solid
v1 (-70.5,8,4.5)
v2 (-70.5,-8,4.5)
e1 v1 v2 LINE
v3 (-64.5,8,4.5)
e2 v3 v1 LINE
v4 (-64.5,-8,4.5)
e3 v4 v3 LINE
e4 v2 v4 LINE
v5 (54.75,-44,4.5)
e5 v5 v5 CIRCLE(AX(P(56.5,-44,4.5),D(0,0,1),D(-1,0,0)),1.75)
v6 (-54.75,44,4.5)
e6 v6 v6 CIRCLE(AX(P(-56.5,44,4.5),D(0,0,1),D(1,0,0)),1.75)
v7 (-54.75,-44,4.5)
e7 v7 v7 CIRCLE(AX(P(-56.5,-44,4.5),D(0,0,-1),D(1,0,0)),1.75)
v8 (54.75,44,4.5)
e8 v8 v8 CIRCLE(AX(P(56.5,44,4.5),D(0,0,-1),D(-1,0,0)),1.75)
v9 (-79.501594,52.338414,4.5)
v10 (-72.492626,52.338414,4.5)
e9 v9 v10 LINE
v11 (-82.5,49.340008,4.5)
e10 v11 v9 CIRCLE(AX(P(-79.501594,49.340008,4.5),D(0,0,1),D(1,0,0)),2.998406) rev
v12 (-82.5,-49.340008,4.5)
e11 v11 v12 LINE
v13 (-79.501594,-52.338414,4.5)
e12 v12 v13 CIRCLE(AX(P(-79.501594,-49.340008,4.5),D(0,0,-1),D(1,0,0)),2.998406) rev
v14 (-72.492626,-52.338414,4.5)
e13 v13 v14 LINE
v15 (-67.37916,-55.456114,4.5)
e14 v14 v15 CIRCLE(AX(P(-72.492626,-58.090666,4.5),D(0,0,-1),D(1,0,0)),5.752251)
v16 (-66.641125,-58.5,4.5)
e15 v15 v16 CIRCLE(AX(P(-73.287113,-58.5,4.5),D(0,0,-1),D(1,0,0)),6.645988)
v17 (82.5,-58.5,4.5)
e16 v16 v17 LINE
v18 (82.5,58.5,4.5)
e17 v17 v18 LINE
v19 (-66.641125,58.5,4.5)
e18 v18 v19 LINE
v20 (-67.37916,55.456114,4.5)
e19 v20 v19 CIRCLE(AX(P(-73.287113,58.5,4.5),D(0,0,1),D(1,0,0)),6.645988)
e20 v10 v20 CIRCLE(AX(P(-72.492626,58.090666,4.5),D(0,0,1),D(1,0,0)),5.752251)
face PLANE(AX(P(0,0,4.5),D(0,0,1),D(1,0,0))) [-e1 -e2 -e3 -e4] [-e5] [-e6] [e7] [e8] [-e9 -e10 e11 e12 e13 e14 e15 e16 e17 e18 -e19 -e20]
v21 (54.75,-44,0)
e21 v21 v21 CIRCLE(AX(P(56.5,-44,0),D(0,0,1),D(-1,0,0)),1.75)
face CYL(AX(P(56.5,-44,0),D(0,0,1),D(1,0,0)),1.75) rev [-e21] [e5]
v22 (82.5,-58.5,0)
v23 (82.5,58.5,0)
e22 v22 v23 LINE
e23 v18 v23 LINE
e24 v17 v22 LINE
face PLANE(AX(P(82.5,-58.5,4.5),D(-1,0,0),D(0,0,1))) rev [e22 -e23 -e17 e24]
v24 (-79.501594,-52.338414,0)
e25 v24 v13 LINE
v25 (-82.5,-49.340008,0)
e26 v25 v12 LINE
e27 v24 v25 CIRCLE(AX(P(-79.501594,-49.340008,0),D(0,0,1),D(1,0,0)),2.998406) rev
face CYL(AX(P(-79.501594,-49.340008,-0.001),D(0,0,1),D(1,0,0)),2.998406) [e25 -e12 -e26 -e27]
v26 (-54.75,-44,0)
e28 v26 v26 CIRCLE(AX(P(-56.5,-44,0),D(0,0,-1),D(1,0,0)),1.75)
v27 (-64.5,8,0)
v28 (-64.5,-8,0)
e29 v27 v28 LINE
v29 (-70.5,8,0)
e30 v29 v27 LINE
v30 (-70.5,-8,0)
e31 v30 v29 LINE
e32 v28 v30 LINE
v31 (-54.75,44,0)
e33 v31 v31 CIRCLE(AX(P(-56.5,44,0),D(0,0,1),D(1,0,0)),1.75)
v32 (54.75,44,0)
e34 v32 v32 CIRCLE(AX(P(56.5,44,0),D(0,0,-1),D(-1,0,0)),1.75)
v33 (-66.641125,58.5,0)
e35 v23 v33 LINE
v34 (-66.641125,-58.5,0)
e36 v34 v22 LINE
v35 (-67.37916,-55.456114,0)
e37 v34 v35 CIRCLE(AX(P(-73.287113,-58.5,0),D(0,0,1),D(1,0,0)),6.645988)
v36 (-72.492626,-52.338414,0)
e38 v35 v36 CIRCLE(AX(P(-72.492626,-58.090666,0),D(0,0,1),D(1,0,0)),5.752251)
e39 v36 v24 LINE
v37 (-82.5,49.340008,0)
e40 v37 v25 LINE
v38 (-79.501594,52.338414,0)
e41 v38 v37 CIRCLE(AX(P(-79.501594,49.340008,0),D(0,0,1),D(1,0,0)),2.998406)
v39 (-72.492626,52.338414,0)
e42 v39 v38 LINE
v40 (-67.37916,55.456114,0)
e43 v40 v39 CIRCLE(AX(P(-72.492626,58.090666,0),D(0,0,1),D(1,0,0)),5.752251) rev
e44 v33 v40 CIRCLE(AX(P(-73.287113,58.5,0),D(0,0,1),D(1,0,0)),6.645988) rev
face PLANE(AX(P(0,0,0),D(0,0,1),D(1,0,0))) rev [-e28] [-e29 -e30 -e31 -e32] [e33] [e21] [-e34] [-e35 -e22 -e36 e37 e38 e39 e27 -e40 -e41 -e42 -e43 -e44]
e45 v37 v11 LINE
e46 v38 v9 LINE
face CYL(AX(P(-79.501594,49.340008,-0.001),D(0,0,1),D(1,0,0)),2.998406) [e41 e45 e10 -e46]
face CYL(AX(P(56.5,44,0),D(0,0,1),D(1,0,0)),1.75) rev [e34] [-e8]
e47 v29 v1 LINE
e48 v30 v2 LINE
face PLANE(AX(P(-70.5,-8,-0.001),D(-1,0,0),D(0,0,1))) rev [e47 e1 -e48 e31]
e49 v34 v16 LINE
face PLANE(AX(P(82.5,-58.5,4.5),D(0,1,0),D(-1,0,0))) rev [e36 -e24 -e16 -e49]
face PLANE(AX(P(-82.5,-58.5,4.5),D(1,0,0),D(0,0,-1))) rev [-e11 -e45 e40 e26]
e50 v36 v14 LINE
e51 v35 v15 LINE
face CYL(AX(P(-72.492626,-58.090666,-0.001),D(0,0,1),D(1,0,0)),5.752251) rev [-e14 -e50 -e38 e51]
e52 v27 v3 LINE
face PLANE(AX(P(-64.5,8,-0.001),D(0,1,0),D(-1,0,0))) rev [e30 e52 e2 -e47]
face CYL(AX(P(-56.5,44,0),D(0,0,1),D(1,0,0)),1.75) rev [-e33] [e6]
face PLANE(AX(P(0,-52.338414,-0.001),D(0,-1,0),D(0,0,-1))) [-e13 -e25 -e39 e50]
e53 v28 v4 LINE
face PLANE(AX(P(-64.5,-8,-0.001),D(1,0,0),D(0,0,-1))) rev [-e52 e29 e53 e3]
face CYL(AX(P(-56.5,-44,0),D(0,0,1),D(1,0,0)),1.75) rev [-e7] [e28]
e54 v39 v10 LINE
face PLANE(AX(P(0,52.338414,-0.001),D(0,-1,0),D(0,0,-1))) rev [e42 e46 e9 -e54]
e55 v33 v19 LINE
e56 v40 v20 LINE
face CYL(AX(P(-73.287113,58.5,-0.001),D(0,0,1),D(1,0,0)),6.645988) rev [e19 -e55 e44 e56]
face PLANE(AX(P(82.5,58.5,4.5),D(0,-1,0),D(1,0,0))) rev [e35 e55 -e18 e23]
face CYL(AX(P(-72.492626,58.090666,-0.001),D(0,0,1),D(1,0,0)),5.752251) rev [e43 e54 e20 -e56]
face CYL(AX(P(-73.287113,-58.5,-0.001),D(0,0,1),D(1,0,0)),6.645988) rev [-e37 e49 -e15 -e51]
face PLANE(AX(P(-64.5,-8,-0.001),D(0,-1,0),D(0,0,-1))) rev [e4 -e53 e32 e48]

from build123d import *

# Parameters (mm, degrees)
SKETCH2_W               = 165
SKETCH2_H               = 117
BOSS_EXTRUDE1_DEPTH     = 4.5
SKETCH3_R               = 1.75
CUT_EXTRUDE1_DEPTH      = 5.5
MIRROR2_COPY_1_SKETCH_R = 1.75
MIRROR2_COPY_1_DEPTH    = 5.5
CUT_EXTRUDE2_REACH      = 6.5
SKETCH4_W               = 6
SKETCH4_H               = 16
CUT_EXTRUDE3_DEPTH      = 4.5


with BuildPart() as part:
    # Sketch2 → Boss-Extrude1 (new body)
    with BuildSketch(Plane.XY):
        Rectangle(SKETCH2_W, SKETCH2_H)
    extrude(amount=BOSS_EXTRUDE1_DEPTH)

    # Sketch3 → Cut-Extrude1 (cut, through all)
    with BuildSketch(Plane.XY.offset(4.5)):
        with Locations((-56.5, 44)):
            Circle(SKETCH3_R)
    cut_extrude1 = extrude(amount=-CUT_EXTRUDE1_DEPTH, mode=Mode.SUBTRACT)

    # Mirror1: Cut-Extrude1 across plane
    add(cut_extrude1.mirror(Plane(origin=(0, 0, 0), x_dir=(0, 0, 1), z_dir=(1, 0, 0))), mode=Mode.SUBTRACT)

    # Mirror2: Cut-Extrude1 across plane
    add(cut_extrude1.mirror(Plane.ZX), mode=Mode.SUBTRACT)

    # Mirror2 copy 1 sketch → Mirror2 copy 1 (cut, through all)
    with BuildSketch(Plane(origin=(0, 0, 4.5), x_dir=(-1, 0, 0), z_dir=(0, 0, 1))):
        with Locations((-56.5, 44)):
            Circle(MIRROR2_COPY_1_SKETCH_R)
    extrude(amount=-MIRROR2_COPY_1_DEPTH, mode=Mode.SUBTRACT)

    # Sketch4 → Cut-Extrude2 (cut, up to next)
    with BuildSketch(Plane.XY.offset(4.5), mode=Mode.PRIVATE) as cut_extrude2_sk1:
        with Locations((-67.5, 0)):
            Rectangle(SKETCH4_W, SKETCH4_H)
    cut_extrude2_tool1 = extrude(cut_extrude2_sk1.sketch, amount=-CUT_EXTRUDE2_REACH, mode=Mode.PRIVATE) & part.part
    add(cut_extrude2_tool1.solids().sort_by_distance((-67.5, 0, 4.5))[0], mode=Mode.SUBTRACT)

    # Sketch5 → Cut-Extrude3 (cut)
    with BuildSketch(Plane.XY.offset(4.5)):
        with BuildLine():
            ThreePointArc((-82.5, 49.340007913), (-81.621787101, 51.460201405), (-79.501593608, 52.338414304))
            Line((-79.501593608, 52.338414304), (-72.492625761, 52.338414304))
            ThreePointArc((-72.492625761, 52.338414304), (-69.498148124, 53.179301378), (-67.379159906, 55.456114132))
            ThreePointArc((-67.379159906, 55.456114132), (-66.828268927, 56.933959128), (-66.641125435, 58.5))
            Line((-66.641125435, 58.5), (-82.5, 58.5))
            Line((-82.5, 58.5), (-82.5, 49.340007913))
        make_face()
    cut_extrude3 = extrude(amount=-CUT_EXTRUDE3_DEPTH, mode=Mode.SUBTRACT)

    # Mirror3: Cut-Extrude3 across plane
    add(cut_extrude3.mirror(Plane.ZX), mode=Mode.SUBTRACT)


solid = part.part
